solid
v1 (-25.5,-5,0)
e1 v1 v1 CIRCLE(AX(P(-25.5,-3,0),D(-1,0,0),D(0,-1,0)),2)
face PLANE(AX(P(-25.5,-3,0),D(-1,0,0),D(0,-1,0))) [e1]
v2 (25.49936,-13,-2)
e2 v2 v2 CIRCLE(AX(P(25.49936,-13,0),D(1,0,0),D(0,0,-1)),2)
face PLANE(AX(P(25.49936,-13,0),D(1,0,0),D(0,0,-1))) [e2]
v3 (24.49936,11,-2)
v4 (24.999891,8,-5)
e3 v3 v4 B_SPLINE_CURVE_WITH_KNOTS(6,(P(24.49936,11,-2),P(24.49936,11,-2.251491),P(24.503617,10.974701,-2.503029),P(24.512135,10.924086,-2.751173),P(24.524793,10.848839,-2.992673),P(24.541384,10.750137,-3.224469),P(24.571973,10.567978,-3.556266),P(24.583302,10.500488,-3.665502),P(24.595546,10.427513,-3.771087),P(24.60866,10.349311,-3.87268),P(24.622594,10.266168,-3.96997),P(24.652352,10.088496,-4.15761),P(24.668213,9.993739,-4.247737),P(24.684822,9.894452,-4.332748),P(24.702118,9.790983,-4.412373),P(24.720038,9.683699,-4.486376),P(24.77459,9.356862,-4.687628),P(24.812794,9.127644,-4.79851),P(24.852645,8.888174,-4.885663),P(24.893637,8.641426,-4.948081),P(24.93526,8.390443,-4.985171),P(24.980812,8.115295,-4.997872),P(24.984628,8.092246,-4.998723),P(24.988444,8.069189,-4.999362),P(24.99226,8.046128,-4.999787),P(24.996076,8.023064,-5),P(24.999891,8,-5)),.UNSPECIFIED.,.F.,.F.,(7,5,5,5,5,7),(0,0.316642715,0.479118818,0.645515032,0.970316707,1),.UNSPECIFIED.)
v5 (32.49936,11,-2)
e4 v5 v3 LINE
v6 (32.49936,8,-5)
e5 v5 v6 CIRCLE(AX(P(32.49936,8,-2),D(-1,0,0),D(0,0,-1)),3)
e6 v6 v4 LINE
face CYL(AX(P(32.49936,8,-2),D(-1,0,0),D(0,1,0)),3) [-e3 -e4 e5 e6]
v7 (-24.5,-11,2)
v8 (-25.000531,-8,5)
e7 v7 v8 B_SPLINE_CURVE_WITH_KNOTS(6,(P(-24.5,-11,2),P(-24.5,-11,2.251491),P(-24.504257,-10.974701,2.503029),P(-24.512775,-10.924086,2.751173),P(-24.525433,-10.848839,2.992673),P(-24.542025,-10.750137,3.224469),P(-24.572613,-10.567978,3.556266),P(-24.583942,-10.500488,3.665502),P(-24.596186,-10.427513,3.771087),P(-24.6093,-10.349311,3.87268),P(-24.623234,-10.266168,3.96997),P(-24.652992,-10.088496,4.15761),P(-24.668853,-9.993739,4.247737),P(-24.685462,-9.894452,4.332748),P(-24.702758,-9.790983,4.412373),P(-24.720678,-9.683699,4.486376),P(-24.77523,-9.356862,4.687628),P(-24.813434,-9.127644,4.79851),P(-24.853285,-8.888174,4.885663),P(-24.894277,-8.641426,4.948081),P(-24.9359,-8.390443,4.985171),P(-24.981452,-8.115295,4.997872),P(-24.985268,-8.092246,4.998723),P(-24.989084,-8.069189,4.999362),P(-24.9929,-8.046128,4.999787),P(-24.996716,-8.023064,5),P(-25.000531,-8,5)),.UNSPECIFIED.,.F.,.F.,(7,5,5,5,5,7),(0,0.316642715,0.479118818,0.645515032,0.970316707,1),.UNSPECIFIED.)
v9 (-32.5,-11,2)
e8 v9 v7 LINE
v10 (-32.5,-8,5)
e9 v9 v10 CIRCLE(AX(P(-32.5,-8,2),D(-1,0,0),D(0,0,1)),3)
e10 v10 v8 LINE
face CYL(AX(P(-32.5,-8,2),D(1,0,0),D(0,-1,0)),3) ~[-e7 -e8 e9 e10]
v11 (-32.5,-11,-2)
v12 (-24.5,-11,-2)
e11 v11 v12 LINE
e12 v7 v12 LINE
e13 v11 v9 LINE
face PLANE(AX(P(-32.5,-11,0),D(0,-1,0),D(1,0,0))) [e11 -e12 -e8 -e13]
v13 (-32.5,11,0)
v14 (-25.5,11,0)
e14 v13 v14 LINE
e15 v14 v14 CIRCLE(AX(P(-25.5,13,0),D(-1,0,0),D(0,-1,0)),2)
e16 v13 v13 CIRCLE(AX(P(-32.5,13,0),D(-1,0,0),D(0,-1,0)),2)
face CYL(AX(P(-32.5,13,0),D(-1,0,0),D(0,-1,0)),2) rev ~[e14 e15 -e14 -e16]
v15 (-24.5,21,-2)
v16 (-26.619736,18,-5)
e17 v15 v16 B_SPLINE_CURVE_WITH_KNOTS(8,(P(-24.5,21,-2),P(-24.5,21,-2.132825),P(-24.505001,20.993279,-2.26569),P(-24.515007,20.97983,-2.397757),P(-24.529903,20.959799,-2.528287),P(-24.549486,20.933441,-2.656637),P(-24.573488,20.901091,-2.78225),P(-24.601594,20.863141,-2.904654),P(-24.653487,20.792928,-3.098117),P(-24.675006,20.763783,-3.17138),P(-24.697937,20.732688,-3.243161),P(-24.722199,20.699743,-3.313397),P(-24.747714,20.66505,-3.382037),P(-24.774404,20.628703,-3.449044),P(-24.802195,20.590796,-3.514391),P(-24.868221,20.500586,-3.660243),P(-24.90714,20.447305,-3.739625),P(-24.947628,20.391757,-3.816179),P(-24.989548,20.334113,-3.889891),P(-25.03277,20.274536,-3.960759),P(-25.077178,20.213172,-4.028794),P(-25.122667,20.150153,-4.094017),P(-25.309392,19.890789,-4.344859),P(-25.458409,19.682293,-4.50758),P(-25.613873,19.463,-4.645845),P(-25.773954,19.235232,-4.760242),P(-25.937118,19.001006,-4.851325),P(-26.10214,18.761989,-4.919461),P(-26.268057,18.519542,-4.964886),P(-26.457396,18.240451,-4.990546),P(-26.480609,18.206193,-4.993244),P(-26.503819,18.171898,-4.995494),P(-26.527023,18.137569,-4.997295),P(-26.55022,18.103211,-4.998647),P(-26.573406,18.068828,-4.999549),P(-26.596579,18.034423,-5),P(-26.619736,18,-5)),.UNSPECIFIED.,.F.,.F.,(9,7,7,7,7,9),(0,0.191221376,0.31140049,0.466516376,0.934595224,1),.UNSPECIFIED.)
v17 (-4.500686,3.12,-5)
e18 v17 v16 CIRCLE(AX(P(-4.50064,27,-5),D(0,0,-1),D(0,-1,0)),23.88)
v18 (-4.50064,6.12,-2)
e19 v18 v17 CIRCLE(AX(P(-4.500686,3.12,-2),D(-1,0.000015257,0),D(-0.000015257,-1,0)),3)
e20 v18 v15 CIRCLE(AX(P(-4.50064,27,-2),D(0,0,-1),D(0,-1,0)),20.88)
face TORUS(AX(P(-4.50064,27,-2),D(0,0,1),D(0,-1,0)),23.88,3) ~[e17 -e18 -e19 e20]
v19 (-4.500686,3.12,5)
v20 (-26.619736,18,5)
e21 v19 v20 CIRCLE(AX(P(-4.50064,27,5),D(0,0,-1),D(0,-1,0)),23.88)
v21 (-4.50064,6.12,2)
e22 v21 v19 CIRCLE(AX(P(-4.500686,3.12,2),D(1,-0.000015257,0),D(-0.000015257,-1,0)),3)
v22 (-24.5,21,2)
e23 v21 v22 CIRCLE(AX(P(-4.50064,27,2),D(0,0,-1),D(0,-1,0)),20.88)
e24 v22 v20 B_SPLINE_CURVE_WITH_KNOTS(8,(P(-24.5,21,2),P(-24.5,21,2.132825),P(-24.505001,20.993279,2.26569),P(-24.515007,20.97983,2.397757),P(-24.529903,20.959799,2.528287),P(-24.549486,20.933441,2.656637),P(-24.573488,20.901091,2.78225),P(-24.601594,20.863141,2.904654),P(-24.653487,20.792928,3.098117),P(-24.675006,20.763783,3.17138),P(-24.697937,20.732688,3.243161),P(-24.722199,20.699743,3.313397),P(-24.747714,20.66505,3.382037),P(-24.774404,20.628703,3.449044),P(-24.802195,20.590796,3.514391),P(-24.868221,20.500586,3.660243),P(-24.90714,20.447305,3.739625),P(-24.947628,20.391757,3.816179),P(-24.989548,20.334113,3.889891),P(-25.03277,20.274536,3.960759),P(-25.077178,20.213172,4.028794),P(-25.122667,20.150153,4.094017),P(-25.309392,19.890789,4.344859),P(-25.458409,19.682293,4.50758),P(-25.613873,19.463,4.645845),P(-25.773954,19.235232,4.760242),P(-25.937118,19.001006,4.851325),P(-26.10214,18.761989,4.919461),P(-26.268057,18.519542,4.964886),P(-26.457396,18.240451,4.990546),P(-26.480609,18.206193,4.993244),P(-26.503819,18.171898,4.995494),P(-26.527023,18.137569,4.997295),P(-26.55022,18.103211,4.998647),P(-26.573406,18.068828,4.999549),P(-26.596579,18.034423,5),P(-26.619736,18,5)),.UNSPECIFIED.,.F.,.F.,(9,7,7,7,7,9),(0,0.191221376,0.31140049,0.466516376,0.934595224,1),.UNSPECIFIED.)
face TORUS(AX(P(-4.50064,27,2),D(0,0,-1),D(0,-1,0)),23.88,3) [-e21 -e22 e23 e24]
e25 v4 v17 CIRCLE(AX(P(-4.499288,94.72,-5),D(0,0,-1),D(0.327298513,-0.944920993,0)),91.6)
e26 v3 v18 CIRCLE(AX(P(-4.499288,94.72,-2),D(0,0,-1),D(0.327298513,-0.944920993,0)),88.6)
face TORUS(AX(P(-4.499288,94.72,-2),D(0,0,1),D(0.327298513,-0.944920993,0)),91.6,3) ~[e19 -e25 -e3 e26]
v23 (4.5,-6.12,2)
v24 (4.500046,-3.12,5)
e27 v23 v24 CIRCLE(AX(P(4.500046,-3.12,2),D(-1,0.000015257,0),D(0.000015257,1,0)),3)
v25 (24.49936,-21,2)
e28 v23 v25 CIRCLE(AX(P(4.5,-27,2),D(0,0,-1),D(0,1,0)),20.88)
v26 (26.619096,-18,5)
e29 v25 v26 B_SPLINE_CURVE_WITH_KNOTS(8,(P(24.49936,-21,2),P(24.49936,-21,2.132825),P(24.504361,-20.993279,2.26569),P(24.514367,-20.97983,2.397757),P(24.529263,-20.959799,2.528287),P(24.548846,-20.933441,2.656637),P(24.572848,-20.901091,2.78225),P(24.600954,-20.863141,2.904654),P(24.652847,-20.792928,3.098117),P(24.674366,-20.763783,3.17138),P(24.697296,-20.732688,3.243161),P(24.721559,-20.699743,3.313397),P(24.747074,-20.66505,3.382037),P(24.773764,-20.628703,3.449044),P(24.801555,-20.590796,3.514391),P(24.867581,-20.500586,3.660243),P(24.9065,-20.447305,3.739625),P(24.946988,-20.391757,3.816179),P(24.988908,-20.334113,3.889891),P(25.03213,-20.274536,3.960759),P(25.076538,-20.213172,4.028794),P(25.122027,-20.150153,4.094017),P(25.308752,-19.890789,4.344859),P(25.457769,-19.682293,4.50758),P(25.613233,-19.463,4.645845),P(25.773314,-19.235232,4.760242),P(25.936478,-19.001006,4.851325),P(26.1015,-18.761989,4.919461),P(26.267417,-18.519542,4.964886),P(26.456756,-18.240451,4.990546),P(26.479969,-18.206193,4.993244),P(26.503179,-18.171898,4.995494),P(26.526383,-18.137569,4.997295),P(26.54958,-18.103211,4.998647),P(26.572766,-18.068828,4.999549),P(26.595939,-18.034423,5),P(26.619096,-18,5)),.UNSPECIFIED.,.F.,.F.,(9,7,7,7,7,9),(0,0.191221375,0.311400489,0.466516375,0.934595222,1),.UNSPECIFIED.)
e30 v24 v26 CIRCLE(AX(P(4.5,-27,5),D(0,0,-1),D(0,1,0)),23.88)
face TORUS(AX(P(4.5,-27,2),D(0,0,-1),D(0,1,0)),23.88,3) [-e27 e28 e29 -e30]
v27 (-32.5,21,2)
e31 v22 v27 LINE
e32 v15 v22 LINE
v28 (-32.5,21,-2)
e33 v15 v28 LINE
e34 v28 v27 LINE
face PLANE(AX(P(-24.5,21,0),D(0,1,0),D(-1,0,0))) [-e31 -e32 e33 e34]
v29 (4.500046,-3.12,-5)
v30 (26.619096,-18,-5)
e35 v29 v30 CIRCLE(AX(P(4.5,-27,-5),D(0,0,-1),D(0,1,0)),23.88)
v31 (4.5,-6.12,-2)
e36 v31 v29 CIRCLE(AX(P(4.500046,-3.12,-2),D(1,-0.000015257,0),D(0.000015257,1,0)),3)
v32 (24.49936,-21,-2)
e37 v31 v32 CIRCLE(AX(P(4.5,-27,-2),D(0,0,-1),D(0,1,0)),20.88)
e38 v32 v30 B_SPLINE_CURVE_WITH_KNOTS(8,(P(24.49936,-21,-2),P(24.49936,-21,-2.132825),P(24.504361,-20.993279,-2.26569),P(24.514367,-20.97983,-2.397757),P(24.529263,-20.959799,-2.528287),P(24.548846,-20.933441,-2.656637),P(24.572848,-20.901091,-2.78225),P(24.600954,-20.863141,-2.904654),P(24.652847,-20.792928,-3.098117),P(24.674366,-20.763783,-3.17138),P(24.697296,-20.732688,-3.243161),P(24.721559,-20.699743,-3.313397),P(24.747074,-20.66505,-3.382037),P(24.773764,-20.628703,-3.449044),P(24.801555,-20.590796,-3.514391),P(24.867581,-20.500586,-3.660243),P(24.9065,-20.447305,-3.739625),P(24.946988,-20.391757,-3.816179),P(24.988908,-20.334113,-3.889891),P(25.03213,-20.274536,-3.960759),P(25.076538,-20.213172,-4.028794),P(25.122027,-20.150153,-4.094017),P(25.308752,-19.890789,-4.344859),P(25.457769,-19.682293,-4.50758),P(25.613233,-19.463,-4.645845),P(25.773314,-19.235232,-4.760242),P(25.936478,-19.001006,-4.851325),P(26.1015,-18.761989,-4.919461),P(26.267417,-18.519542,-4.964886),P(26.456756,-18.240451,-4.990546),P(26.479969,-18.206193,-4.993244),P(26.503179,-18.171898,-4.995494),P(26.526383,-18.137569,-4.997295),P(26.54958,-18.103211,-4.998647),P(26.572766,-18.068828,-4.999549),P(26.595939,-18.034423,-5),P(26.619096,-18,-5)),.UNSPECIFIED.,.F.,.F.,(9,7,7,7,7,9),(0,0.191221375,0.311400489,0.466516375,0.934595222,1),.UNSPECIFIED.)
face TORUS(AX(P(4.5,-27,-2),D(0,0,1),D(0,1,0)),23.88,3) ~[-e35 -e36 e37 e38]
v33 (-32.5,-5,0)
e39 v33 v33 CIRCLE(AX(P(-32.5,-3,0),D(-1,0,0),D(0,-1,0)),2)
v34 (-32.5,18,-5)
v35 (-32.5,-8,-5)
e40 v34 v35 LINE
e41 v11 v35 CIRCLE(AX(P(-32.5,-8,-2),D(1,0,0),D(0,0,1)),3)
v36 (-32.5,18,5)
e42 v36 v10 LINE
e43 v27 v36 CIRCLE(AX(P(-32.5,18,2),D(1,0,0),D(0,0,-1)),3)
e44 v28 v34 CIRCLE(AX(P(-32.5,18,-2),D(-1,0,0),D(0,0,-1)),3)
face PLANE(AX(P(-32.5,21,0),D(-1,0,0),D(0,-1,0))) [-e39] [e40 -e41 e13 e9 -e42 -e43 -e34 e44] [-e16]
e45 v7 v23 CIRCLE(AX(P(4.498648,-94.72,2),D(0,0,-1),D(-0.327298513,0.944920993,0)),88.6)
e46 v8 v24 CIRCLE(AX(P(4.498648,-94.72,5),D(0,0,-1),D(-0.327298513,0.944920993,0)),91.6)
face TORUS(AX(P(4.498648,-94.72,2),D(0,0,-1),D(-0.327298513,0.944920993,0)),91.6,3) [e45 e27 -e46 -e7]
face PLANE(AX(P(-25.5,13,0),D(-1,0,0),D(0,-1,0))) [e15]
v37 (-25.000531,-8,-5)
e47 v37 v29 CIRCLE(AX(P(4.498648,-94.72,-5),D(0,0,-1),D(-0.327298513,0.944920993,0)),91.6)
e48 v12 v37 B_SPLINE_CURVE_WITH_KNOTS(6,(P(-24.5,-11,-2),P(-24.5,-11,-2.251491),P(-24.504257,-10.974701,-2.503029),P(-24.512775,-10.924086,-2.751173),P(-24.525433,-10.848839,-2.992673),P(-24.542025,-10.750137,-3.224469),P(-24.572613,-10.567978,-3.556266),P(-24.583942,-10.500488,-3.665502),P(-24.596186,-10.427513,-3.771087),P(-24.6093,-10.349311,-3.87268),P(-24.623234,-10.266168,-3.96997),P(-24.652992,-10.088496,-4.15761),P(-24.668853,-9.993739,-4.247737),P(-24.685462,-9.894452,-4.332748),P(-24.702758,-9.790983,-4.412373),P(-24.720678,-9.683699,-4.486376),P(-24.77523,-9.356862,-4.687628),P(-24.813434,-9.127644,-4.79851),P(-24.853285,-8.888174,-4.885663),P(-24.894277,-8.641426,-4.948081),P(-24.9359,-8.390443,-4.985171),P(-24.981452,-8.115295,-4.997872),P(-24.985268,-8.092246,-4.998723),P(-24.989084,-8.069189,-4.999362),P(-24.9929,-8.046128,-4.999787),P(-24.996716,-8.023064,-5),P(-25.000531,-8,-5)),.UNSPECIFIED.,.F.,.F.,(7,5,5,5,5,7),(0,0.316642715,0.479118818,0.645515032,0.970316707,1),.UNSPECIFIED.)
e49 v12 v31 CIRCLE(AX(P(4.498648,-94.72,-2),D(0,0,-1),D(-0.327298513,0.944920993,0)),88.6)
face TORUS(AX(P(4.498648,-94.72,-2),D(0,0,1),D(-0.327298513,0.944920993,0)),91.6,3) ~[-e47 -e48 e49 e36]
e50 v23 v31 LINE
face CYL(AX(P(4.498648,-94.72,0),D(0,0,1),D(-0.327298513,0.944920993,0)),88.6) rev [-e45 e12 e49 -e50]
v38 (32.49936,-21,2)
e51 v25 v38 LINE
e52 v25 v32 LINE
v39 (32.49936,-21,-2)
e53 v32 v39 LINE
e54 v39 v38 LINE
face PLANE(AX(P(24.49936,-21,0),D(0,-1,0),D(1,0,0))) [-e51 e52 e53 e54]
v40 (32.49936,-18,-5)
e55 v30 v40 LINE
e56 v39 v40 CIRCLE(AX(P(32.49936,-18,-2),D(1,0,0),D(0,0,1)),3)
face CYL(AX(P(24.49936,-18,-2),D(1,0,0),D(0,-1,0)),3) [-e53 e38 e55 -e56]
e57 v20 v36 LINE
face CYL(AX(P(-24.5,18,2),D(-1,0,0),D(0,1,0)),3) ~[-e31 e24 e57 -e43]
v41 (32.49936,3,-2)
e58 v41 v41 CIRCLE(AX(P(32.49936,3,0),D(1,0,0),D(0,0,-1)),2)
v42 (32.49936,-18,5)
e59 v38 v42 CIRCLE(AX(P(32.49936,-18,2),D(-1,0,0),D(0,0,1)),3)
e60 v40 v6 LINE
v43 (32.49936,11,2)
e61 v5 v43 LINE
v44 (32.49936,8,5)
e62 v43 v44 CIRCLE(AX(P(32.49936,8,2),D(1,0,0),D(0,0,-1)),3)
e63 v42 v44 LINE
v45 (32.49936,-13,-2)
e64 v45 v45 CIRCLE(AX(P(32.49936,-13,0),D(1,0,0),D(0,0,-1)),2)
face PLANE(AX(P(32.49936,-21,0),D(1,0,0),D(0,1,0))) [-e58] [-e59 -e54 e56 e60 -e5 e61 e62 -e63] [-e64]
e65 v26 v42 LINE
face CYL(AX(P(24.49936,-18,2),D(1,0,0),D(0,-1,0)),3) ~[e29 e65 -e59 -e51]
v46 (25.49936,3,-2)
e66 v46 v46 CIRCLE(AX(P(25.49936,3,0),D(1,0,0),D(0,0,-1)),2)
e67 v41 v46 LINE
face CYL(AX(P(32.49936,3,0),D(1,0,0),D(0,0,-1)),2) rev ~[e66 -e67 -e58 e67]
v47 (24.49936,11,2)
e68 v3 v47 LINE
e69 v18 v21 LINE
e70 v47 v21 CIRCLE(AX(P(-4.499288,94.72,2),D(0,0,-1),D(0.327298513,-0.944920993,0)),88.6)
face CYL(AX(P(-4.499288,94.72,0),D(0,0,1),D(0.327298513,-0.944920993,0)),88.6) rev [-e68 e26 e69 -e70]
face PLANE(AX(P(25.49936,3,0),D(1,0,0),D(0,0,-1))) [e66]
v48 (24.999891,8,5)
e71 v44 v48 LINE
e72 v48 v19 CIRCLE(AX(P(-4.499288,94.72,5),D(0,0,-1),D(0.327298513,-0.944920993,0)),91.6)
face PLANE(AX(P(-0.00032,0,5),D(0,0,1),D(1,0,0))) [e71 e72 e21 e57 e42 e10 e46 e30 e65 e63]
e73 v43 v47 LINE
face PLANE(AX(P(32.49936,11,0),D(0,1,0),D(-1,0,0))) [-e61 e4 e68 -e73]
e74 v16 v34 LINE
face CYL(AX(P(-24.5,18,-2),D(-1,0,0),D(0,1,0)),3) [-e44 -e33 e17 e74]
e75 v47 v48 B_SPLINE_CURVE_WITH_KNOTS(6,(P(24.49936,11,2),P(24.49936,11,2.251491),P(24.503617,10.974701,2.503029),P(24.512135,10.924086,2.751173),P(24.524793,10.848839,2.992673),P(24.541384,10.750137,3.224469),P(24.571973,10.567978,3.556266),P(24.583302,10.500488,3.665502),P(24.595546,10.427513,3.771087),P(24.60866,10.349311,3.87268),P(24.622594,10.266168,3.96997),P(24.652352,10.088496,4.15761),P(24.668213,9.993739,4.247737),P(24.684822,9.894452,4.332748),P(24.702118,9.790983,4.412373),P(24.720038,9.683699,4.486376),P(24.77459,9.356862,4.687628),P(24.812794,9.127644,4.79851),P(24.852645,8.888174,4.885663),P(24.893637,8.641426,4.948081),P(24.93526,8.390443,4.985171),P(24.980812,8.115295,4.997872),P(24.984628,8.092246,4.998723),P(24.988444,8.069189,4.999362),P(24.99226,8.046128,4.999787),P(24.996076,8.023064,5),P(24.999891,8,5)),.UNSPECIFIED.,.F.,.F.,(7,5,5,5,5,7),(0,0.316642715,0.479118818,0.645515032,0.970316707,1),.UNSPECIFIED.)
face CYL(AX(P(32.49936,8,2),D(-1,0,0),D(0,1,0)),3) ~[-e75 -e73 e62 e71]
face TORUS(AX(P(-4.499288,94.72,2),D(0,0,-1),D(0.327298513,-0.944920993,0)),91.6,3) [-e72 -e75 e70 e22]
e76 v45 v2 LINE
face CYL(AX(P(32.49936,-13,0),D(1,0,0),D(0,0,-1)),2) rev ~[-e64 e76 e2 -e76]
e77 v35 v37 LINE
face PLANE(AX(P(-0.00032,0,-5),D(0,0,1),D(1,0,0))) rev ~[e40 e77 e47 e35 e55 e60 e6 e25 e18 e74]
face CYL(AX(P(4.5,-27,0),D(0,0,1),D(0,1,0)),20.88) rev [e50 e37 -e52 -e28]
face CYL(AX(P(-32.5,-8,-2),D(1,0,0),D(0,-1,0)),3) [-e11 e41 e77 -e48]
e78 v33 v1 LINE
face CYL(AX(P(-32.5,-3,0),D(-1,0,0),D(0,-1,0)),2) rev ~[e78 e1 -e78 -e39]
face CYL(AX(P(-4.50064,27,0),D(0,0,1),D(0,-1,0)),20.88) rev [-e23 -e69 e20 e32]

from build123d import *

# Parameters (mm, degrees)
BOSS_EXTRUDE1_DEPTH = 5
FILLET1_R           = 3
SKETCH2_R           = 2
CUT_EXTRUDE1_DEPTH  = 7
SKETCH3_R           = 2
CUT_EXTRUDE2_DEPTH  = 7


with BuildPart() as part:
    # Sketch1 → Boss-Extrude1 (new, symmetric)
    with BuildSketch(Plane.XY):
        with BuildLine():
            Line((24.49935999, -21), (32.49935999, -21))
            Line((32.49935999, -21), (32.49935999, 11))
            Line((32.49935999, 11), (24.49935999, 11))
            ThreePointArc((24.49935999, 11), (10.203242171, 7.348405073), (-4.50064001, 6.12))
            ThreePointArc((-4.50064001, 6.12), (-16.964475696, 10.248068768), (-24.5, 21))
            Line((-24.5, 21), (-32.5, 21))
            Line((-32.5, 21), (-32.5, -11))
            Line((-32.5, -11), (-24.5, -11))
            ThreePointArc((-24.5, -11), (-10.203882181, -7.348405073), (4.5, -6.12))
            ThreePointArc((4.5, -6.12), (16.963835686, -10.248068768), (24.49935999, -21))
        make_face()
    extrude(amount=BOSS_EXTRUDE1_DEPTH, both=True)

    # Fillet1
    fillet1_edges = [part.edges().sort_by_distance(p)[0] for p in [
        (28.49935999, -21, -5),
        (16.963835686, -10.248068768, -5),
        (-10.203882181, -7.348405073, -5),
        (-28.5, -11, -5),
        (-28.5, 21, -5),
        (-16.964475696, 10.248068768, -5),
        (10.203242171, 7.348405073, 5),
        (10.203242171, 7.348405073, -5),
        (28.49935999, 11, -5),
        (-16.964475696, 10.248068768, 5),
        (-28.5, 21, 5),
        (-28.5, -11, 5),
        (-10.203882181, -7.348405073, 5),
        (16.963835686, -10.248068768, 5),
        (28.49935999, -21, 5),
        (28.49935999, 11, 5),
    ]]
    fillet(fillet1_edges, radius=FILLET1_R)

    # Sketch2 → Cut-Extrude1 (cut)
    with BuildSketch(Plane(origin=(32.49935999, 0, 0), x_dir=(0, 0, -1), z_dir=(1, 0, 0))):
        with Locations((0, -13)):
            Circle(SKETCH2_R)
        with Locations((0, 3)):
            Circle(SKETCH2_R)
    extrude(amount=-CUT_EXTRUDE1_DEPTH, mode=Mode.SUBTRACT)

    # Sketch3 → Cut-Extrude2 (cut)
    with BuildSketch(Plane.ZY.offset(32.5)):
        with Locations(Location((0, 13, 0), (0, 0, 270))):
            Circle(SKETCH3_R)
        with Locations(Location((0, -3, 0), (0, 0, 270))):
            Circle(SKETCH3_R)
    extrude(amount=-CUT_EXTRUDE2_DEPTH, mode=Mode.SUBTRACT)


solid = part.part
